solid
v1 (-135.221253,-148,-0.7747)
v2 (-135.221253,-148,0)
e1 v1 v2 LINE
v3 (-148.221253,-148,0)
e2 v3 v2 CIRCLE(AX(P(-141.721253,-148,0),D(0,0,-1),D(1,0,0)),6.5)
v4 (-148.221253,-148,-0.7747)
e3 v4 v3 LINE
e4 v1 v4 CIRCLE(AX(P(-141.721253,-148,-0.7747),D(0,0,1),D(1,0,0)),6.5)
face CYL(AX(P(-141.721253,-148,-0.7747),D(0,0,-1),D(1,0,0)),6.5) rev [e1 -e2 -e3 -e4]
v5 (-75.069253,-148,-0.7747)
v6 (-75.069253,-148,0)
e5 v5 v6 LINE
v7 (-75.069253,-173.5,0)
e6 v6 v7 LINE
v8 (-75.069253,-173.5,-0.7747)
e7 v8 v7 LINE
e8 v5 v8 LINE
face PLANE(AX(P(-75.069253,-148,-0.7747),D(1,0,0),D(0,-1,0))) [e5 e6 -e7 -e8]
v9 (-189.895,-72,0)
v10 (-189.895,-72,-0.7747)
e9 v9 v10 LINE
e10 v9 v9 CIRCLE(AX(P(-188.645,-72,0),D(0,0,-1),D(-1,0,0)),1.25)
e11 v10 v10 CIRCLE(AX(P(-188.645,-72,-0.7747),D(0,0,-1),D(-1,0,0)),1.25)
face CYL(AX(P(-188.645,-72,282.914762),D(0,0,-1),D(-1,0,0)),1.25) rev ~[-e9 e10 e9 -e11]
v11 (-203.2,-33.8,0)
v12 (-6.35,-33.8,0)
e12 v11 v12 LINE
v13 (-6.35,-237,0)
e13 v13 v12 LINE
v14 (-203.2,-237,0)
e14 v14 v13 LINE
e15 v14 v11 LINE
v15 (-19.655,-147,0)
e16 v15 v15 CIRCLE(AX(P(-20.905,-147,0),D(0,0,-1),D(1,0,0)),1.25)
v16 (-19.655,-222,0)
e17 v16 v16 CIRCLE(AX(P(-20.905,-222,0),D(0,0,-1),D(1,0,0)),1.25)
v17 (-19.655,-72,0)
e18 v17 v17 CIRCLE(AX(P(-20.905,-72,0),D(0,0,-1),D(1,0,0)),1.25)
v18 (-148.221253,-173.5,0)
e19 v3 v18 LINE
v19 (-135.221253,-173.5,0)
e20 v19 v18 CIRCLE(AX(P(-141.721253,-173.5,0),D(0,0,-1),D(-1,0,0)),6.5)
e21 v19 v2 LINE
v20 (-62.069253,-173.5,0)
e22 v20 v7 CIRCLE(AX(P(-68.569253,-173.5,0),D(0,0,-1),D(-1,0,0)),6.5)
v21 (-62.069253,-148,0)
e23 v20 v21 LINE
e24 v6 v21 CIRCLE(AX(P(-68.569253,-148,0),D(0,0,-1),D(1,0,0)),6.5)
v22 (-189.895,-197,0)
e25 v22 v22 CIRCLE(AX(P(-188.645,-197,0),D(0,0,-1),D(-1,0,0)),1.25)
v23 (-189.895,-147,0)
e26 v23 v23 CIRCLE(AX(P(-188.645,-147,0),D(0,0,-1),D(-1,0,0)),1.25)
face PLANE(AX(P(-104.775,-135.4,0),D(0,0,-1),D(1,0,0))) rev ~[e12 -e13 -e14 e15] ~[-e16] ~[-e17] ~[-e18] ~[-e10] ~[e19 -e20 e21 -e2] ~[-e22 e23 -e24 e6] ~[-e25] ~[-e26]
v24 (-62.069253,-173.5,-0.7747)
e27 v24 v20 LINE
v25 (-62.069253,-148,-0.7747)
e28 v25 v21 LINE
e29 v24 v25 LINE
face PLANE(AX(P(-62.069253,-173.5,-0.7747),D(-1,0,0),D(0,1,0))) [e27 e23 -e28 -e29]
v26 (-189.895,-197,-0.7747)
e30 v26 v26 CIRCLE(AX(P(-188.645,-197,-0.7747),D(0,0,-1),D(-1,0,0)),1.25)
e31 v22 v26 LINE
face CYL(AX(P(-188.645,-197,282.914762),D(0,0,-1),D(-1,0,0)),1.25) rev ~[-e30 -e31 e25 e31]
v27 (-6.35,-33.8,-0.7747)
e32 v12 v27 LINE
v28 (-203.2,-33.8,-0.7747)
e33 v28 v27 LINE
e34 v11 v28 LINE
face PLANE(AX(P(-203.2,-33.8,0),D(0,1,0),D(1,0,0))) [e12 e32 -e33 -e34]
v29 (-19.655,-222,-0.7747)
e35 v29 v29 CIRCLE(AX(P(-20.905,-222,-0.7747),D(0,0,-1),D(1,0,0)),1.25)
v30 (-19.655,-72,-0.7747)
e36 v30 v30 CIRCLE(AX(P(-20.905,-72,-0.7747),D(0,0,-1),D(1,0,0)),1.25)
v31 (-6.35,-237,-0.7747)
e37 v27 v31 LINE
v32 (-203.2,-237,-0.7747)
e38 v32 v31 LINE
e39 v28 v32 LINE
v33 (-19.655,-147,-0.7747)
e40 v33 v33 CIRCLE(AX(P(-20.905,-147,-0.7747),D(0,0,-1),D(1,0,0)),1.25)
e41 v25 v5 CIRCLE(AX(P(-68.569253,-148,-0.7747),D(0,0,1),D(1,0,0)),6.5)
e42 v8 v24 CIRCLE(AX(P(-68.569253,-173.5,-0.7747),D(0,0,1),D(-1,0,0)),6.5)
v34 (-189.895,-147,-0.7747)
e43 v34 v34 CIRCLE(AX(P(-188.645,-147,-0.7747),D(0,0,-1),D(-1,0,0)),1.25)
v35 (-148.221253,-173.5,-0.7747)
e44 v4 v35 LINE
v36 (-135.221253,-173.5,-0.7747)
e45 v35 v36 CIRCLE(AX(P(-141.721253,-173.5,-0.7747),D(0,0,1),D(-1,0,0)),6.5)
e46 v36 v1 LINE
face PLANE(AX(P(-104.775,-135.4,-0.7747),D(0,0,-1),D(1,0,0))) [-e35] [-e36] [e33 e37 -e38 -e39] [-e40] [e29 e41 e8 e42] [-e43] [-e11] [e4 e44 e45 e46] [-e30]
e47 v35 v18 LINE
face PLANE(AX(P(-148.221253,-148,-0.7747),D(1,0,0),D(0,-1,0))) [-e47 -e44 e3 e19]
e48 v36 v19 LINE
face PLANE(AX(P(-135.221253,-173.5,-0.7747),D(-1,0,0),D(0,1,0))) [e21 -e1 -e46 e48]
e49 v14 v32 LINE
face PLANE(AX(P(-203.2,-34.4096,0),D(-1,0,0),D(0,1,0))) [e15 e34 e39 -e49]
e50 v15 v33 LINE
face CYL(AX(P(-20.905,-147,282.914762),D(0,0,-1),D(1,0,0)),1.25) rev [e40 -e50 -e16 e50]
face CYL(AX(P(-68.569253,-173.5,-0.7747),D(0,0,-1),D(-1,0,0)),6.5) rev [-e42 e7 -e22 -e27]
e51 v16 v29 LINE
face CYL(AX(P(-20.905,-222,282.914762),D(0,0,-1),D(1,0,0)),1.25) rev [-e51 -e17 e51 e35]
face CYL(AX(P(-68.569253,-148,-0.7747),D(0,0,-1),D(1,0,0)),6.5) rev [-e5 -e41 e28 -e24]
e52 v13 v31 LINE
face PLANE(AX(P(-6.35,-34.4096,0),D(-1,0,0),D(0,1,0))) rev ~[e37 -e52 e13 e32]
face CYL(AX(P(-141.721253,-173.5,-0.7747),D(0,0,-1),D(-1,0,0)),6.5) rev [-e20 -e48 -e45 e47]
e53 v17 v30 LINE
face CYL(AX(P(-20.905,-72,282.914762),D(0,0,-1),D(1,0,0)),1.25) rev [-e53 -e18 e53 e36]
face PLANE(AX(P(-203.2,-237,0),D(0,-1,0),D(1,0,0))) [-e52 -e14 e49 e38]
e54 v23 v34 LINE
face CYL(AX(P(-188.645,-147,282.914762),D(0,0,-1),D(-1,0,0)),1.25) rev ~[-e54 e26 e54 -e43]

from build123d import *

# Parameters (mm, degrees)
SKETCH1_W                             = 196.85
SKETCH1_H                             = 203.2
BOSS_EXTRUDE1_DEPTH                   = 0.7747
CUT_EXTRUDE7_DEPTH                    = 1.7747
SKETCH4_W                             = 196.85
SKETCH4_H                             = 0.6096
BOSS_EXTRUDE2_DEPTH                   = 12
SKETCH14_W                            = 196.85
SKETCH14_H                            = 11.938
BOSS_EXTRUDE3_DEPTH                   = 0.7747
SKETCH13_W                            = 196.85
SKETCH13_H                            = 0.6096
CUT_EXTRUDE9_DEPTH                    = 12
CSK_FOR_M3_FLAT_HEAD_MACHINE_SCREW3_D = 2.5
SKETCH19_W                            = 182.676330849
SKETCH19_H                            = 33.741187375
BOSS_EXTRUDE4_DEPTH                   = 0.7747
SKETCH21_W                            = 22.718000829
SKETCH21_H                            = 22.312299049
SKETCH21_W_2                          = 21.538835619
SKETCH21_H_2                          = 16.643270878
BOSS_EXTRUDE5_DEPTH                   = 0.7747
SKETCH22_W                            = 13.90531837
SKETCH22_H                            = 14.215216999
SKETCH22_W_2                          = 12.509578485
SKETCH22_H_2                          = 9.075576548
BOSS_EXTRUDE6_DEPTH                   = 0.7747


with BuildPart() as part:
    # Sketch1 → Boss-Extrude1 (new body)
    with BuildSketch(Plane(origin=(0, 0, 0), x_dir=(1, 0, 0), z_dir=(0, 0, -1))):
        with Locations((-104.775, 135.4)):
            Rectangle(SKETCH1_W, SKETCH1_H)
    extrude(amount=BOSS_EXTRUDE1_DEPTH)

    # Sketch2 → Cut-Extrude7 (cut, through all)
    with BuildSketch(Plane(origin=(0, 0, -0.7747), x_dir=(1, 0, 0), z_dir=(0, 0, -1))):
        with BuildLine():
            Line((-135.221253236, 173.5), (-135.221253236, 148))
            ThreePointArc((-135.221253236, 148), (-141.721253236, 141.5), (-148.221253236, 148))
            Line((-148.221253236, 148), (-148.221253236, 173.5))
            ThreePointArc((-148.221253236, 173.5), (-141.721253236, 180), (-135.221253236, 173.5))
        make_face()
        with BuildLine():
            Line((-62.069253236, 173.5), (-62.069253236, 148))
            ThreePointArc((-62.069253236, 148), (-68.569253236, 141.5), (-75.069253236, 148))
            Line((-75.069253236, 148), (-75.069253236, 173.5))
            ThreePointArc((-75.069253236, 173.5), (-68.569253236, 180), (-62.069253236, 173.5))
        make_face()
    extrude(amount=-CUT_EXTRUDE7_DEPTH, mode=Mode.SUBTRACT)

    # Sketch4 → Boss-Extrude2 (add)
    with BuildSketch(Plane.XY):
        with Locations((-104.775, -34.1048)):
            Rectangle(SKETCH4_W, SKETCH4_H)
    extrude(amount=BOSS_EXTRUDE2_DEPTH)

    # Sketch14 → Boss-Extrude3 (add)
    with BuildSketch(Plane.XY):
        with Locations((-104.775, -53.935004147)):
            Rectangle(SKETCH14_W, SKETCH14_H)
    extrude(amount=-BOSS_EXTRUDE3_DEPTH)

    # Sketch13 → Cut-Extrude9 (cut)
    with BuildSketch(Plane.XY.offset(12)):
        with Locations((-104.775, -34.1048)):
            Rectangle(SKETCH13_W, SKETCH13_H)
    extrude(amount=-CUT_EXTRUDE9_DEPTH, mode=Mode.SUBTRACT)

    # CSK for M3 Flat Head Machine Screw3 (through all)
    with Locations(Plane.XY):
        with Locations((-188.645, -72), (-188.645, -222), (-188.645, -197), (-188.645, -172), (-188.645, -147), (-188.645, -122), (-188.645, -97)):
            csk_for_m3_flat_head_machine_screw3 = Hole(CSK_FOR_M3_FLAT_HEAD_MACHINE_SCREW3_D / 2)

    # Mirror1: CSK for M3 Flat Head Machine Screw3 across plane
    add(csk_for_m3_flat_head_machine_screw3.mirror(Plane(origin=(-104.775, 0, 0), x_dir=(0, 0, 1), z_dir=(1, 0, 0))), mode=Mode.SUBTRACT)

    # Sketch19 → Boss-Extrude4 (add)
    with BuildSketch(Plane(origin=(0, 0, -0.7747), x_dir=(-1, 0, 0), z_dir=(0, 0, -1))):
        with Locations((101.266706015, -109.837466763)):
            Rectangle(SKETCH19_W, SKETCH19_H)
    extrude(amount=-BOSS_EXTRUDE4_DEPTH)

    # Sketch21 → Boss-Extrude5 (add)
    with BuildSketch(Plane(origin=(0, 0, -0.7747), x_dir=(-1, 0, 0), z_dir=(0, 0, -1))):
        with Locations((185.571692861, -170.919383368)):
            Rectangle(SKETCH21_W, SKETCH21_H)
        with Locations((24.271371833, -173.753897453)):
            Rectangle(SKETCH21_W_2, SKETCH21_H_2)
    extrude(amount=-BOSS_EXTRUDE5_DEPTH)

    # Sketch22 → Boss-Extrude6 (add)
    with BuildSketch(Plane.XY):
        with Locations((-189.313880795, -220.883843828)):
            Rectangle(SKETCH22_W, SKETCH22_H)
        with Locations((-23.670028487, -197.876391374)):
            Rectangle(SKETCH22_W_2, SKETCH22_H_2)
    extrude(amount=-BOSS_EXTRUDE6_DEPTH)


solid = part.part
